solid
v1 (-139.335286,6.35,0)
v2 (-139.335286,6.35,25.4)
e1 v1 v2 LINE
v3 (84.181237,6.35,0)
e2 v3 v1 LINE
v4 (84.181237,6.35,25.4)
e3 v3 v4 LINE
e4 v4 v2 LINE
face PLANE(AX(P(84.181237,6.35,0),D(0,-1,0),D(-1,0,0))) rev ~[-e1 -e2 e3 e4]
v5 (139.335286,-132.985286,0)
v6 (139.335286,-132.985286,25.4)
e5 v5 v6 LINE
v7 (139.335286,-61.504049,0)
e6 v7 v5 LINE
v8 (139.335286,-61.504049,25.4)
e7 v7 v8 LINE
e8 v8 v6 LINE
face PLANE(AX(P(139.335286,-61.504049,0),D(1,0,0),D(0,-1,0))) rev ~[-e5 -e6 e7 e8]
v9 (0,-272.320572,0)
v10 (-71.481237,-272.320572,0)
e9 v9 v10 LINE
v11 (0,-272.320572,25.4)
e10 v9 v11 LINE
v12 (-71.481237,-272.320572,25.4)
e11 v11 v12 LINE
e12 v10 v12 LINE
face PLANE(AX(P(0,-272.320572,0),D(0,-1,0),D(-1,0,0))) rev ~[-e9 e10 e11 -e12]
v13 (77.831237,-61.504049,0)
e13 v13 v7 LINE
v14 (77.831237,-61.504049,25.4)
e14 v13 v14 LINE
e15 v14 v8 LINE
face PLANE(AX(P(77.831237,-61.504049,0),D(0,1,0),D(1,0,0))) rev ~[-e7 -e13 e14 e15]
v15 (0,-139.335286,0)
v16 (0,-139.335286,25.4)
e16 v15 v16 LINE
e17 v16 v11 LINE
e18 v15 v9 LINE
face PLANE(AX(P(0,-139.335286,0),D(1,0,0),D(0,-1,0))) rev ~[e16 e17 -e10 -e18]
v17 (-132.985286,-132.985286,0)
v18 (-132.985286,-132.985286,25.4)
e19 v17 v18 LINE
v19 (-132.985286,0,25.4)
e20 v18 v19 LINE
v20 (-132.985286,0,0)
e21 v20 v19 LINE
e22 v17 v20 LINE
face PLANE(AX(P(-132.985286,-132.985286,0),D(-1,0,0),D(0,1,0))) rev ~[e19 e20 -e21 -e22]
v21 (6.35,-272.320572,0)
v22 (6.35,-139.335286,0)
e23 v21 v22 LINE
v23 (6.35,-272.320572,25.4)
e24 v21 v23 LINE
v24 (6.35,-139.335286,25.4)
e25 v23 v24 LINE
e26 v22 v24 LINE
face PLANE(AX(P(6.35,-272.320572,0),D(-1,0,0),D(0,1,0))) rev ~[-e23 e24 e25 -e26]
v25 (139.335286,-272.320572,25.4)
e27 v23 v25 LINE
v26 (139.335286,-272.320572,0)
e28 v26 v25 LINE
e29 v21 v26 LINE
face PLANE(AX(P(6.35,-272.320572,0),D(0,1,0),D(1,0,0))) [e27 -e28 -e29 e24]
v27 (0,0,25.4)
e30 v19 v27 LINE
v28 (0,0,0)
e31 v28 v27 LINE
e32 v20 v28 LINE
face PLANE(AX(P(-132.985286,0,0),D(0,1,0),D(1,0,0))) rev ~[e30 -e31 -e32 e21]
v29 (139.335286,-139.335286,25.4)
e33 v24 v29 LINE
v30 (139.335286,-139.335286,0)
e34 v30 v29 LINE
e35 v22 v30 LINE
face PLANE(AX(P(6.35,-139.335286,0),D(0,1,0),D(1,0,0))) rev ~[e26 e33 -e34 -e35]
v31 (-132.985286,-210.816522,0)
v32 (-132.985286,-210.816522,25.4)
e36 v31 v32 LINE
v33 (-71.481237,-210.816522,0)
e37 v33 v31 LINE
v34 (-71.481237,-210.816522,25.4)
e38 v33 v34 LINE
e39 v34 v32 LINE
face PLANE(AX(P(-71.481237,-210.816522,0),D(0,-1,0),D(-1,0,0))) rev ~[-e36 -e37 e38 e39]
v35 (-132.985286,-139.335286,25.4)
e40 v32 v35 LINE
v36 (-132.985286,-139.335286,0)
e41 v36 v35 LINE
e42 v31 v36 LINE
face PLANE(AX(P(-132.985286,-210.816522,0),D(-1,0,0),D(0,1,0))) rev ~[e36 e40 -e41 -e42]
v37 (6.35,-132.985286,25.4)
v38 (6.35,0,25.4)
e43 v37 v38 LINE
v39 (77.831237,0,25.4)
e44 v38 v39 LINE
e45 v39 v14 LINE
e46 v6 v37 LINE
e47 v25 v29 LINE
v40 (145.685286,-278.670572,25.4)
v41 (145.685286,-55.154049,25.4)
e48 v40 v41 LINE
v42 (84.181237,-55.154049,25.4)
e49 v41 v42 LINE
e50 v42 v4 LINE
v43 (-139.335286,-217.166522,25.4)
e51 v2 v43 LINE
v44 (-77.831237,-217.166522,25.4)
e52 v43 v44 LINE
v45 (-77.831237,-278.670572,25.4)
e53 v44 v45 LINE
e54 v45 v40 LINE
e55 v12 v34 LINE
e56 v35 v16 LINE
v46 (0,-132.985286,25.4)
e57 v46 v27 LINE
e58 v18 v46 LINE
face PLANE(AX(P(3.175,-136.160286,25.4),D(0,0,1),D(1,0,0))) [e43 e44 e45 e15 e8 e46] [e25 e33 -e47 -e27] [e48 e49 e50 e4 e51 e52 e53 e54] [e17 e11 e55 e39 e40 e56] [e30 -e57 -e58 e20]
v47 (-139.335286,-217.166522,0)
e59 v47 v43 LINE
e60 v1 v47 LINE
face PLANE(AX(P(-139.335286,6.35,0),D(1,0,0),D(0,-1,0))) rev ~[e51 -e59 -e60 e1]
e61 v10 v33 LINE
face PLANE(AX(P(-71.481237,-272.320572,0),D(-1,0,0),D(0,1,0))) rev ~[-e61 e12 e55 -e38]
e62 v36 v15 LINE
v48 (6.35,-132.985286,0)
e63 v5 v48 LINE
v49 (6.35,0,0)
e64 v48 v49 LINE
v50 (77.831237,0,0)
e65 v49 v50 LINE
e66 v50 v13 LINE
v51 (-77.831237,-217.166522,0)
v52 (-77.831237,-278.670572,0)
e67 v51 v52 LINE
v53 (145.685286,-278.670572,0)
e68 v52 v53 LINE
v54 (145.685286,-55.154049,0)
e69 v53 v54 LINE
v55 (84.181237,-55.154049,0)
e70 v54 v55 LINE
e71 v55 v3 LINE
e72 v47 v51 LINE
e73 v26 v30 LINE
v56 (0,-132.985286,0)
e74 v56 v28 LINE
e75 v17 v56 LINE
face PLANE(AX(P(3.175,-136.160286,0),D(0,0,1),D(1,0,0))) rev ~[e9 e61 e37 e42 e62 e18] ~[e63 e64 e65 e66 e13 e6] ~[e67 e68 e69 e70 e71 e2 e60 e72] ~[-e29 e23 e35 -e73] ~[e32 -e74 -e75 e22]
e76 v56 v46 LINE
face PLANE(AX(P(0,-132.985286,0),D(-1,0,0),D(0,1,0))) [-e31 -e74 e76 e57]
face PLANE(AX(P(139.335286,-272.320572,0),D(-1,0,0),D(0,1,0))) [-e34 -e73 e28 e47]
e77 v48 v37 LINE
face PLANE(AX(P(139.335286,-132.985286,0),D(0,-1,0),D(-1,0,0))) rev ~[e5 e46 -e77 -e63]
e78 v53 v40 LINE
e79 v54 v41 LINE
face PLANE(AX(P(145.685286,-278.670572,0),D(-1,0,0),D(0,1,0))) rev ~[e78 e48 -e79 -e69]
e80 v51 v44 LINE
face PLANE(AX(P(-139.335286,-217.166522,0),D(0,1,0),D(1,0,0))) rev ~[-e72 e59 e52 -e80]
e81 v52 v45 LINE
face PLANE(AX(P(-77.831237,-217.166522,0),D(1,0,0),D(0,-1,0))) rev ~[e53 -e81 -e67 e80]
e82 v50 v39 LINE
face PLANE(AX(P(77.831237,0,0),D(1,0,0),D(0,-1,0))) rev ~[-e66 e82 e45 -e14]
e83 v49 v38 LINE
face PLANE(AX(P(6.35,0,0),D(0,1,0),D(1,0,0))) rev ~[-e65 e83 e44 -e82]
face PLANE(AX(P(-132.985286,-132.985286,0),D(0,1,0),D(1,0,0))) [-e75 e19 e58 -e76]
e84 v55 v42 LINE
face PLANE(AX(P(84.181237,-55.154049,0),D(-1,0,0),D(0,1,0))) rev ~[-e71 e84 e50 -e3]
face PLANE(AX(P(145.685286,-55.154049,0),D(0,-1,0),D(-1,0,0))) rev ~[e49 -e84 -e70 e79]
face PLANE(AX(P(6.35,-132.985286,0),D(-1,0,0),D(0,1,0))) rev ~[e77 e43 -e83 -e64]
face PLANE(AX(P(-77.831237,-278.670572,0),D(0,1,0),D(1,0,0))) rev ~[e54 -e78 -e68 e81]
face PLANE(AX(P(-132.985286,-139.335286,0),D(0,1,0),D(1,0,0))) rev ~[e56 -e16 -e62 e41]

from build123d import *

# Parameters (mm, degrees)
F0_W     = 132.985286
F0_H     = 132.985286
F1_DEPTH = 25.4


with BuildPart() as f1:
    # F0 (on Top) → F1 (new body)
    with BuildSketch(Plane.XY):
        Polygon((84.181237, -55.154049), (84.181237, 6.35), (-139.335286, 6.35), (-139.335286, -217.166522), (-77.831237, -217.166522), (-77.831237, -278.670572), (145.685286, -278.670572), (145.685286, -55.154049), align=None)
        Polygon((0, -272.320572), (-71.481237, -272.320572), (-71.481237, -210.816522), (-132.985286, -210.816522), (-132.985286, -139.335286), (0, -139.335286), align=None, mode=Mode.SUBTRACT)
        with Locations((72.842643, -205.827929)):
            Rectangle(F0_W, F0_H, mode=Mode.SUBTRACT)
        with Locations((-66.492643, -66.492643)):
            Rectangle(F0_W, F0_H, mode=Mode.SUBTRACT)
        Polygon((6.35, -132.985286), (6.35, 0), (77.831237, 0), (77.831237, -61.504049), (139.335286, -61.504049), (139.335286, -132.985286), align=None, mode=Mode.SUBTRACT)
    extrude(amount=F1_DEPTH)


solid = f1.part
